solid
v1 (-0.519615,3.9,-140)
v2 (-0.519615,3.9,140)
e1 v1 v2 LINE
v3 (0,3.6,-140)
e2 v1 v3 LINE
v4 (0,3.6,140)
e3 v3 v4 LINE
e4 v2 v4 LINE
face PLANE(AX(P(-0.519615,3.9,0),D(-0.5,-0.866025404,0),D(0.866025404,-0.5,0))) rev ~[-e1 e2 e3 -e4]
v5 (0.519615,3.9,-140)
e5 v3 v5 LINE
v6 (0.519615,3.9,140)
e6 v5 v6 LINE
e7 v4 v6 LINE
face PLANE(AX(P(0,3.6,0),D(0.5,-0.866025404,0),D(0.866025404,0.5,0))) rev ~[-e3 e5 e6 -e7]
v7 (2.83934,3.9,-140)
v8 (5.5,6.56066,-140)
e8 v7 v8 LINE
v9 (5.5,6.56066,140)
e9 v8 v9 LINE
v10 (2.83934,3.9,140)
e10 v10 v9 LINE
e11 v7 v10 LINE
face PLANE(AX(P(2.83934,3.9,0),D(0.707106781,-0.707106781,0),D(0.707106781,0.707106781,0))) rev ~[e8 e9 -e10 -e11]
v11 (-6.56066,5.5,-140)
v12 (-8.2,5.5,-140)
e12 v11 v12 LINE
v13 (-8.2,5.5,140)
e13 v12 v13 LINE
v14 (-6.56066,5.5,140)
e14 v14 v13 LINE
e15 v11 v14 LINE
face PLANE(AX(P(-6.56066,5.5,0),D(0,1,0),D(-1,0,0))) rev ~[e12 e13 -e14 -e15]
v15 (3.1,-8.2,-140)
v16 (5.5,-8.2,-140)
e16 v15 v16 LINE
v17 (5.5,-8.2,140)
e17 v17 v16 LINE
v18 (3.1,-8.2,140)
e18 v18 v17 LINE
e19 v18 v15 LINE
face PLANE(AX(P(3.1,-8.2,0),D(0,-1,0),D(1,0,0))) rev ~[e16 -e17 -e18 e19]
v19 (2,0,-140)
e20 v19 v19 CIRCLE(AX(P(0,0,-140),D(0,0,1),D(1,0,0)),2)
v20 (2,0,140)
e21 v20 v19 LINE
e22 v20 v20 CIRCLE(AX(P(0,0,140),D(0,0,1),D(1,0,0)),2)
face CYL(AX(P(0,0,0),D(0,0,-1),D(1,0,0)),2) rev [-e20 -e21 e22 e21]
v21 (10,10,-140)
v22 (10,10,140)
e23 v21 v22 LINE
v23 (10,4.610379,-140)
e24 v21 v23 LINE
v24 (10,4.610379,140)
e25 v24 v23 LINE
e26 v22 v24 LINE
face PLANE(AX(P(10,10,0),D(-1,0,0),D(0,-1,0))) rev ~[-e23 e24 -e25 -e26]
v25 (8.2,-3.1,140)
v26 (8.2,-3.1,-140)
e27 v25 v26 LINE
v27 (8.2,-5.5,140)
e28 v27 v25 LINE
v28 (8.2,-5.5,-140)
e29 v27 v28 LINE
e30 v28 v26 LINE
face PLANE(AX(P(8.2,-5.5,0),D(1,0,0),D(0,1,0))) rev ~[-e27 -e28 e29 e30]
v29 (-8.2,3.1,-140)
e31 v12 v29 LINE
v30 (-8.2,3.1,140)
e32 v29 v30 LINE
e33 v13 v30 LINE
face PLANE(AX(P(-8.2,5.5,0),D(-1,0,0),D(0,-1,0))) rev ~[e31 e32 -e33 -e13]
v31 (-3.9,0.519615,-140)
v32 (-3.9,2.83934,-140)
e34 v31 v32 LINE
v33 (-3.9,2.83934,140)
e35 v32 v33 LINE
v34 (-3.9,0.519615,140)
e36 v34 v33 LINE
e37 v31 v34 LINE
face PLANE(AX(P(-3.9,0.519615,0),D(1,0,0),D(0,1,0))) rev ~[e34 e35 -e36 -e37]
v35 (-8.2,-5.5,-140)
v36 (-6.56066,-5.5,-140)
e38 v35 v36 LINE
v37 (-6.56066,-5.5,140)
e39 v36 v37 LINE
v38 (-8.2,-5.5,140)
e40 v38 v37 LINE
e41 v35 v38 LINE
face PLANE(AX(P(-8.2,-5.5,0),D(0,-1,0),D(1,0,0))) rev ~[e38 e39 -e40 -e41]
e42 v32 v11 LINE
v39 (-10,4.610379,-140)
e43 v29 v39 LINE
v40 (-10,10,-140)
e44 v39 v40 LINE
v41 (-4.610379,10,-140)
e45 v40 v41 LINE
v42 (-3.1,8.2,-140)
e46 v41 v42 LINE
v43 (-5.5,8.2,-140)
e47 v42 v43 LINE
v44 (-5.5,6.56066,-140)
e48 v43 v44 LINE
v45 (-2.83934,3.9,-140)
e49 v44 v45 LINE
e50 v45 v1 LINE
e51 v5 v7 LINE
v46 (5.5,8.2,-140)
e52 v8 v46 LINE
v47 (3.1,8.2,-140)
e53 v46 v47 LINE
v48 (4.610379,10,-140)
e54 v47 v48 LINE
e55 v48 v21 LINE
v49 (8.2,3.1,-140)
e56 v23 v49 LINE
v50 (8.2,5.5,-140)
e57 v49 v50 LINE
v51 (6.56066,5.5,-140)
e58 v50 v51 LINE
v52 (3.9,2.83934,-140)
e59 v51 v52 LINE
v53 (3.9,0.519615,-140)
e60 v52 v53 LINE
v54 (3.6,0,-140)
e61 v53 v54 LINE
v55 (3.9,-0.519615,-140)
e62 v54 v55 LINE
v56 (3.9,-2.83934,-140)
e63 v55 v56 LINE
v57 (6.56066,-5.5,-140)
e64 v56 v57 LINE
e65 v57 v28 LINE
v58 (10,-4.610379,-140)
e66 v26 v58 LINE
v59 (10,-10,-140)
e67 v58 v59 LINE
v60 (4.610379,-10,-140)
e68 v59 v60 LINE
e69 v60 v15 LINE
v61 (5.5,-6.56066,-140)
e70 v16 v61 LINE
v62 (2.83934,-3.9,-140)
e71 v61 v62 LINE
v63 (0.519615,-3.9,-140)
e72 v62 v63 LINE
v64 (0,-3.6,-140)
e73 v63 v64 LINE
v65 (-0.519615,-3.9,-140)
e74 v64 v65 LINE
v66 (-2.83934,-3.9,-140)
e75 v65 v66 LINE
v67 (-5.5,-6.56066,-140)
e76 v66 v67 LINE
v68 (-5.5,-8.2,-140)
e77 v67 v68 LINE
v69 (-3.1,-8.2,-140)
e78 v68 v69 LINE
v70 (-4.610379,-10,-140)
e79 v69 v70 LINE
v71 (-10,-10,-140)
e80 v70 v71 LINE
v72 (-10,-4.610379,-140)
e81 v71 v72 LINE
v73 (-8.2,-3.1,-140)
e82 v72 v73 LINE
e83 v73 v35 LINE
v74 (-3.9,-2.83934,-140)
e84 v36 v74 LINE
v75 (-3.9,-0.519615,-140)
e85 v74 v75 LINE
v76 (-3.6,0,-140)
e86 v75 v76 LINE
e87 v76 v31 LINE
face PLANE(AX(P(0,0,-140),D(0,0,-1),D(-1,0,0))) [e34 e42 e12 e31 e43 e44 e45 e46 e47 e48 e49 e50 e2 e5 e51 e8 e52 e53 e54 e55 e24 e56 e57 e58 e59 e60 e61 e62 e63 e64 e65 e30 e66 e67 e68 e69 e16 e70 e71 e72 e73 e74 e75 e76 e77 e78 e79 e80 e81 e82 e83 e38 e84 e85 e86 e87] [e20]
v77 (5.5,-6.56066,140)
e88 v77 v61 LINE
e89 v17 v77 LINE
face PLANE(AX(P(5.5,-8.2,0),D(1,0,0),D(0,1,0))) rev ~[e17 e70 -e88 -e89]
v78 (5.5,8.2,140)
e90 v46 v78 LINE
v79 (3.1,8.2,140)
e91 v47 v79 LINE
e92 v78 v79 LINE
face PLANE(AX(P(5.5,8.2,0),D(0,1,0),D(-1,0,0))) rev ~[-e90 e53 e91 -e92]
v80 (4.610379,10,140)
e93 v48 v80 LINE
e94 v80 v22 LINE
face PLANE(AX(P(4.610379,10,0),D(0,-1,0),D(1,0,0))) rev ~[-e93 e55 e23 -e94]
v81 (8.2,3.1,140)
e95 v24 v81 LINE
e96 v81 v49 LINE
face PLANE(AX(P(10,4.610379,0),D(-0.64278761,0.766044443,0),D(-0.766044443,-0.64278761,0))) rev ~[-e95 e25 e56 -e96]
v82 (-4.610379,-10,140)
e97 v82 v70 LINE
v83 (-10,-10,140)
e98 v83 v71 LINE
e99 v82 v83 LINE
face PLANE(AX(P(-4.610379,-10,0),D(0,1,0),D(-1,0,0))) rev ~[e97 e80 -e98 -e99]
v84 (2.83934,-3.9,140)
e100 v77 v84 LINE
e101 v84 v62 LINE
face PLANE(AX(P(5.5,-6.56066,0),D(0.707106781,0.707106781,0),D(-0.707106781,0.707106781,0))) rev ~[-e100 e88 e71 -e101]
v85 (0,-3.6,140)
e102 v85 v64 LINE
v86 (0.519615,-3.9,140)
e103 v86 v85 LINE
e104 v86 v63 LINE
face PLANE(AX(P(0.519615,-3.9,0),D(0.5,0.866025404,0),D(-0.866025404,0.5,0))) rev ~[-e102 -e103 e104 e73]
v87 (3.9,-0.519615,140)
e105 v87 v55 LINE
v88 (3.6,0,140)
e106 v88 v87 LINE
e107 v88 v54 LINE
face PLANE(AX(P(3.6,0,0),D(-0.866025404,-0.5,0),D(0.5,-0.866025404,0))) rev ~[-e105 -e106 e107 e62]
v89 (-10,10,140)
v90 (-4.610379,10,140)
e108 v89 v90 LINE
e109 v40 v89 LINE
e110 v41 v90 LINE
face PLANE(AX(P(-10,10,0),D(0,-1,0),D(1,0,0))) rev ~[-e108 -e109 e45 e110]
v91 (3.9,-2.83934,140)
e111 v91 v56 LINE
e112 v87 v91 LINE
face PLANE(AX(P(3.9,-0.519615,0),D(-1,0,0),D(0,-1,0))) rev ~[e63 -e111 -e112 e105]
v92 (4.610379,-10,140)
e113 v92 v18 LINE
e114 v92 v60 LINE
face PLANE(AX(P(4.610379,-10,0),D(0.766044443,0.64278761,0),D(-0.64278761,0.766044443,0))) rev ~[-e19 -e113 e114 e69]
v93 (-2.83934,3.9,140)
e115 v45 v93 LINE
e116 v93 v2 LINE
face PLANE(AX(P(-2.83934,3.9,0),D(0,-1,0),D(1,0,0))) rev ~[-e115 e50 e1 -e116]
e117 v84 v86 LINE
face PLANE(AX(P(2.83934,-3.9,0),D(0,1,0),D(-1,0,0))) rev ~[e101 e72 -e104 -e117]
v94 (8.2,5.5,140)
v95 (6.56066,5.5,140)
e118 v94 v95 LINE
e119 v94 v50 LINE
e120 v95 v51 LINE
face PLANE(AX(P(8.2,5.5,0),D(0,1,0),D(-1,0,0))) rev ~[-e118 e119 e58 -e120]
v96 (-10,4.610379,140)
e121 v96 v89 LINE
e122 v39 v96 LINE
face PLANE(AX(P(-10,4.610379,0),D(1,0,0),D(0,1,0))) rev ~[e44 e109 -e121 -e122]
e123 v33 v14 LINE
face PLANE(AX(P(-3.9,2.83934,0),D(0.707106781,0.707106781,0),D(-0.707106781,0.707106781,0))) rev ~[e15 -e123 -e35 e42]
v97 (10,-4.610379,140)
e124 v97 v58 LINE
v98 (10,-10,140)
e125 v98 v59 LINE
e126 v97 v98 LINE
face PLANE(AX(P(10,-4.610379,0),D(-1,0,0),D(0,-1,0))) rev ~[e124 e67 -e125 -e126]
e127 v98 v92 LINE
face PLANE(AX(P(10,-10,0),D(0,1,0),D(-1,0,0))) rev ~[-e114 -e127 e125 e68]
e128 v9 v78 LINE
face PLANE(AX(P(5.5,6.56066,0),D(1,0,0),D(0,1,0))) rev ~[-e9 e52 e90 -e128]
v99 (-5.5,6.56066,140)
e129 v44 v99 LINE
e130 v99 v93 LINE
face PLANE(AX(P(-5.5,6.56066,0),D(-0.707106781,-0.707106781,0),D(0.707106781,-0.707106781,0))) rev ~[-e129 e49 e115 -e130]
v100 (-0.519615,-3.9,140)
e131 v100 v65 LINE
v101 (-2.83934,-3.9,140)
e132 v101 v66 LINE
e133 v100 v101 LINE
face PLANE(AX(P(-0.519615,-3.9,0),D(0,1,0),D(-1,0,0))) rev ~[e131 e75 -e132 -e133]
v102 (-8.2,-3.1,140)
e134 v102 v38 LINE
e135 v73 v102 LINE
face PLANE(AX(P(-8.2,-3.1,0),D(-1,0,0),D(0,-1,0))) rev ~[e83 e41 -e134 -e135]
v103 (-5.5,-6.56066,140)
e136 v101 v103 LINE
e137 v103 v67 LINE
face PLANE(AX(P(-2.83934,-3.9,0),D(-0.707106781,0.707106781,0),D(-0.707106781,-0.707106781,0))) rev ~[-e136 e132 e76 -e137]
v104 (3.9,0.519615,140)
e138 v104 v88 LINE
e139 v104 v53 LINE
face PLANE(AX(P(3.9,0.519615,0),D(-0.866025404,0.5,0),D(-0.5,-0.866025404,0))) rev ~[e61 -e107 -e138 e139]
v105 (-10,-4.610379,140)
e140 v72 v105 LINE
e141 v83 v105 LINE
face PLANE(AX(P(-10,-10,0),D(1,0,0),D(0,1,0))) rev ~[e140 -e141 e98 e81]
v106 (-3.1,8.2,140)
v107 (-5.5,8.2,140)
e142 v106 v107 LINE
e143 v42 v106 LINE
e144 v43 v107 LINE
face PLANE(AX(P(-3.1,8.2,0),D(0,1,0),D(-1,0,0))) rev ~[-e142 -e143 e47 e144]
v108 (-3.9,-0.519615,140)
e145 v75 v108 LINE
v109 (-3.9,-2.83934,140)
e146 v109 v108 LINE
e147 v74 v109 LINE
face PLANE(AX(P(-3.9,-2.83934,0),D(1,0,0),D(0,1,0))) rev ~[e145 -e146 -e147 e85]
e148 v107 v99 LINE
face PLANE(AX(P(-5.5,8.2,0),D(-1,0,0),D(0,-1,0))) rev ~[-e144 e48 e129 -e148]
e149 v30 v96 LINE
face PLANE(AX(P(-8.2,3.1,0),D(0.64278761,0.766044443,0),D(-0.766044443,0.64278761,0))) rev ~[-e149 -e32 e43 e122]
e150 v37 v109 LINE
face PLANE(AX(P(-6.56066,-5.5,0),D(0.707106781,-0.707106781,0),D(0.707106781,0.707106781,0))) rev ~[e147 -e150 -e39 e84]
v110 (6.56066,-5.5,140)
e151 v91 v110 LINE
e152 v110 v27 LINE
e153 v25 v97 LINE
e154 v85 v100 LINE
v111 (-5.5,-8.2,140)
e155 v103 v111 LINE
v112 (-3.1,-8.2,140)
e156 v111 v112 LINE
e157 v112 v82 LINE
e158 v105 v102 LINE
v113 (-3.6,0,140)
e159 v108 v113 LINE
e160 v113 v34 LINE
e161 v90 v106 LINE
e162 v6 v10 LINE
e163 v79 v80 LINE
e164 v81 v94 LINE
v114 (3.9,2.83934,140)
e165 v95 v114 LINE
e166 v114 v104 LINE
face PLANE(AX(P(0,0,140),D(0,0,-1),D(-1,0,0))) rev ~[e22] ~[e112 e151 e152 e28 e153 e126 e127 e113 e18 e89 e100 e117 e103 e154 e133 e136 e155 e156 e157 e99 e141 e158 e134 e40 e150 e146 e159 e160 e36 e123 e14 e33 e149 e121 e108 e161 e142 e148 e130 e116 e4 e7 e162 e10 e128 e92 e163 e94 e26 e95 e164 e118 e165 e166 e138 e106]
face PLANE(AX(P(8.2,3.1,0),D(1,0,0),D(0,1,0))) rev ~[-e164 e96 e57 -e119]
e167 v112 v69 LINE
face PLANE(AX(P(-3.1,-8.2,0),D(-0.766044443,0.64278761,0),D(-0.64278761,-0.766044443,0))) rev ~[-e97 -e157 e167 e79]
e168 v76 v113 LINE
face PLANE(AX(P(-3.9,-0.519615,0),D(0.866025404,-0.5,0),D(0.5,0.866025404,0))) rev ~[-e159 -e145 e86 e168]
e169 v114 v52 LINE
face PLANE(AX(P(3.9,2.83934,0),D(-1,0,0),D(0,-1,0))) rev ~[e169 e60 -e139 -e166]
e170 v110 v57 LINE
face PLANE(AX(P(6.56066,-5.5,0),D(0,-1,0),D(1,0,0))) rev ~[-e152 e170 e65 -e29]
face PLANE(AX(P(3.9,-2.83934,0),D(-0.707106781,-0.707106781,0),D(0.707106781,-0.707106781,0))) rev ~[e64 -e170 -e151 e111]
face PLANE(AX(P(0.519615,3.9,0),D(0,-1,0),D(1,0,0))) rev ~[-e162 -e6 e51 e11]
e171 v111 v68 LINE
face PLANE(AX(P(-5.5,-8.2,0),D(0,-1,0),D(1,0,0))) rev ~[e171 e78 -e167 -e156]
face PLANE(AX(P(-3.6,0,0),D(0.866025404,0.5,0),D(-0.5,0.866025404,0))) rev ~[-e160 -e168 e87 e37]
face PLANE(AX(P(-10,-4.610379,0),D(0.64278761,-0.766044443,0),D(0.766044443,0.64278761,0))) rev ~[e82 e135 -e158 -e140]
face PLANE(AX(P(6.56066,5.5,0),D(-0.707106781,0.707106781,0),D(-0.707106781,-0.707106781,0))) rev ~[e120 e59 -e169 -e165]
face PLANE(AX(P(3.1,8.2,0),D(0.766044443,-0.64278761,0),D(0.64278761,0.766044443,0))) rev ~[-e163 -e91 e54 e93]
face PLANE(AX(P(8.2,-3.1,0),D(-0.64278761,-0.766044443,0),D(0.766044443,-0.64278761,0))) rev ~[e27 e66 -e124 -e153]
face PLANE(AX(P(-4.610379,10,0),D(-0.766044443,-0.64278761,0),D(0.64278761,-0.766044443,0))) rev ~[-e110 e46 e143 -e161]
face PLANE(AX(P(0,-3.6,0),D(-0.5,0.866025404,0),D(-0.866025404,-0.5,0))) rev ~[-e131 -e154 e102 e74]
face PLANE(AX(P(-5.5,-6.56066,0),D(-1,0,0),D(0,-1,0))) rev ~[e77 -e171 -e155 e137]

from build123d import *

# Parameters (mm, degrees)
SKETCH1_R           = 2
BOSS_EXTRUDE1_DEPTH = 140


with BuildPart() as part:
    # Sketch1 → Boss-Extrude1 (new body, symmetric)
    with BuildSketch(Plane.XY):
        Polygon((10, 10), (10, 4.610379336), (8.2, 3.1), (8.2, 5.5), (6.560660172, 5.5), (3.9, 2.839339828), (3.9, 0.519615242), (3.6, 0), (3.9, -0.519615242), (3.9, -2.839339828), (6.560660172, -5.5), (8.2, -5.5), (8.2, -3.1), (10, -4.610379336), (10, -10), (4.610379336, -10), (3.1, -8.2), (5.5, -8.2), (5.5, -6.560660172), (2.839339828, -3.9), (0.519615242, -3.9), (0, -3.6), (-0.519615242, -3.9), (-2.839339828, -3.9), (-5.5, -6.560660172), (-5.5, -8.2), (-3.1, -8.2), (-4.610379336, -10), (-10, -10), (-10, -4.610379336), (-8.2, -3.1), (-8.2, -5.5), (-6.560660172, -5.5), (-3.9, -2.839339828), (-3.9, -0.519615242), (-3.6, 0), (-3.9, 0.519615242), (-3.9, 2.839339828), (-6.560660172, 5.5), (-8.2, 5.5), (-8.2, 3.1), (-10, 4.610379336), (-10, 10), (-4.610379336, 10), (-3.1, 8.2), (-5.5, 8.2), (-5.5, 6.560660172), (-2.839339828, 3.9), (-0.519615242, 3.9), (0, 3.6), (0.519615242, 3.9), (2.839339828, 3.9), (5.5, 6.560660172), (5.5, 8.2), (3.1, 8.2), (4.610379336, 10), align=None)
        Circle(SKETCH1_R, mode=Mode.SUBTRACT)
    extrude(amount=BOSS_EXTRUDE1_DEPTH, both=True)


solid = part.part
